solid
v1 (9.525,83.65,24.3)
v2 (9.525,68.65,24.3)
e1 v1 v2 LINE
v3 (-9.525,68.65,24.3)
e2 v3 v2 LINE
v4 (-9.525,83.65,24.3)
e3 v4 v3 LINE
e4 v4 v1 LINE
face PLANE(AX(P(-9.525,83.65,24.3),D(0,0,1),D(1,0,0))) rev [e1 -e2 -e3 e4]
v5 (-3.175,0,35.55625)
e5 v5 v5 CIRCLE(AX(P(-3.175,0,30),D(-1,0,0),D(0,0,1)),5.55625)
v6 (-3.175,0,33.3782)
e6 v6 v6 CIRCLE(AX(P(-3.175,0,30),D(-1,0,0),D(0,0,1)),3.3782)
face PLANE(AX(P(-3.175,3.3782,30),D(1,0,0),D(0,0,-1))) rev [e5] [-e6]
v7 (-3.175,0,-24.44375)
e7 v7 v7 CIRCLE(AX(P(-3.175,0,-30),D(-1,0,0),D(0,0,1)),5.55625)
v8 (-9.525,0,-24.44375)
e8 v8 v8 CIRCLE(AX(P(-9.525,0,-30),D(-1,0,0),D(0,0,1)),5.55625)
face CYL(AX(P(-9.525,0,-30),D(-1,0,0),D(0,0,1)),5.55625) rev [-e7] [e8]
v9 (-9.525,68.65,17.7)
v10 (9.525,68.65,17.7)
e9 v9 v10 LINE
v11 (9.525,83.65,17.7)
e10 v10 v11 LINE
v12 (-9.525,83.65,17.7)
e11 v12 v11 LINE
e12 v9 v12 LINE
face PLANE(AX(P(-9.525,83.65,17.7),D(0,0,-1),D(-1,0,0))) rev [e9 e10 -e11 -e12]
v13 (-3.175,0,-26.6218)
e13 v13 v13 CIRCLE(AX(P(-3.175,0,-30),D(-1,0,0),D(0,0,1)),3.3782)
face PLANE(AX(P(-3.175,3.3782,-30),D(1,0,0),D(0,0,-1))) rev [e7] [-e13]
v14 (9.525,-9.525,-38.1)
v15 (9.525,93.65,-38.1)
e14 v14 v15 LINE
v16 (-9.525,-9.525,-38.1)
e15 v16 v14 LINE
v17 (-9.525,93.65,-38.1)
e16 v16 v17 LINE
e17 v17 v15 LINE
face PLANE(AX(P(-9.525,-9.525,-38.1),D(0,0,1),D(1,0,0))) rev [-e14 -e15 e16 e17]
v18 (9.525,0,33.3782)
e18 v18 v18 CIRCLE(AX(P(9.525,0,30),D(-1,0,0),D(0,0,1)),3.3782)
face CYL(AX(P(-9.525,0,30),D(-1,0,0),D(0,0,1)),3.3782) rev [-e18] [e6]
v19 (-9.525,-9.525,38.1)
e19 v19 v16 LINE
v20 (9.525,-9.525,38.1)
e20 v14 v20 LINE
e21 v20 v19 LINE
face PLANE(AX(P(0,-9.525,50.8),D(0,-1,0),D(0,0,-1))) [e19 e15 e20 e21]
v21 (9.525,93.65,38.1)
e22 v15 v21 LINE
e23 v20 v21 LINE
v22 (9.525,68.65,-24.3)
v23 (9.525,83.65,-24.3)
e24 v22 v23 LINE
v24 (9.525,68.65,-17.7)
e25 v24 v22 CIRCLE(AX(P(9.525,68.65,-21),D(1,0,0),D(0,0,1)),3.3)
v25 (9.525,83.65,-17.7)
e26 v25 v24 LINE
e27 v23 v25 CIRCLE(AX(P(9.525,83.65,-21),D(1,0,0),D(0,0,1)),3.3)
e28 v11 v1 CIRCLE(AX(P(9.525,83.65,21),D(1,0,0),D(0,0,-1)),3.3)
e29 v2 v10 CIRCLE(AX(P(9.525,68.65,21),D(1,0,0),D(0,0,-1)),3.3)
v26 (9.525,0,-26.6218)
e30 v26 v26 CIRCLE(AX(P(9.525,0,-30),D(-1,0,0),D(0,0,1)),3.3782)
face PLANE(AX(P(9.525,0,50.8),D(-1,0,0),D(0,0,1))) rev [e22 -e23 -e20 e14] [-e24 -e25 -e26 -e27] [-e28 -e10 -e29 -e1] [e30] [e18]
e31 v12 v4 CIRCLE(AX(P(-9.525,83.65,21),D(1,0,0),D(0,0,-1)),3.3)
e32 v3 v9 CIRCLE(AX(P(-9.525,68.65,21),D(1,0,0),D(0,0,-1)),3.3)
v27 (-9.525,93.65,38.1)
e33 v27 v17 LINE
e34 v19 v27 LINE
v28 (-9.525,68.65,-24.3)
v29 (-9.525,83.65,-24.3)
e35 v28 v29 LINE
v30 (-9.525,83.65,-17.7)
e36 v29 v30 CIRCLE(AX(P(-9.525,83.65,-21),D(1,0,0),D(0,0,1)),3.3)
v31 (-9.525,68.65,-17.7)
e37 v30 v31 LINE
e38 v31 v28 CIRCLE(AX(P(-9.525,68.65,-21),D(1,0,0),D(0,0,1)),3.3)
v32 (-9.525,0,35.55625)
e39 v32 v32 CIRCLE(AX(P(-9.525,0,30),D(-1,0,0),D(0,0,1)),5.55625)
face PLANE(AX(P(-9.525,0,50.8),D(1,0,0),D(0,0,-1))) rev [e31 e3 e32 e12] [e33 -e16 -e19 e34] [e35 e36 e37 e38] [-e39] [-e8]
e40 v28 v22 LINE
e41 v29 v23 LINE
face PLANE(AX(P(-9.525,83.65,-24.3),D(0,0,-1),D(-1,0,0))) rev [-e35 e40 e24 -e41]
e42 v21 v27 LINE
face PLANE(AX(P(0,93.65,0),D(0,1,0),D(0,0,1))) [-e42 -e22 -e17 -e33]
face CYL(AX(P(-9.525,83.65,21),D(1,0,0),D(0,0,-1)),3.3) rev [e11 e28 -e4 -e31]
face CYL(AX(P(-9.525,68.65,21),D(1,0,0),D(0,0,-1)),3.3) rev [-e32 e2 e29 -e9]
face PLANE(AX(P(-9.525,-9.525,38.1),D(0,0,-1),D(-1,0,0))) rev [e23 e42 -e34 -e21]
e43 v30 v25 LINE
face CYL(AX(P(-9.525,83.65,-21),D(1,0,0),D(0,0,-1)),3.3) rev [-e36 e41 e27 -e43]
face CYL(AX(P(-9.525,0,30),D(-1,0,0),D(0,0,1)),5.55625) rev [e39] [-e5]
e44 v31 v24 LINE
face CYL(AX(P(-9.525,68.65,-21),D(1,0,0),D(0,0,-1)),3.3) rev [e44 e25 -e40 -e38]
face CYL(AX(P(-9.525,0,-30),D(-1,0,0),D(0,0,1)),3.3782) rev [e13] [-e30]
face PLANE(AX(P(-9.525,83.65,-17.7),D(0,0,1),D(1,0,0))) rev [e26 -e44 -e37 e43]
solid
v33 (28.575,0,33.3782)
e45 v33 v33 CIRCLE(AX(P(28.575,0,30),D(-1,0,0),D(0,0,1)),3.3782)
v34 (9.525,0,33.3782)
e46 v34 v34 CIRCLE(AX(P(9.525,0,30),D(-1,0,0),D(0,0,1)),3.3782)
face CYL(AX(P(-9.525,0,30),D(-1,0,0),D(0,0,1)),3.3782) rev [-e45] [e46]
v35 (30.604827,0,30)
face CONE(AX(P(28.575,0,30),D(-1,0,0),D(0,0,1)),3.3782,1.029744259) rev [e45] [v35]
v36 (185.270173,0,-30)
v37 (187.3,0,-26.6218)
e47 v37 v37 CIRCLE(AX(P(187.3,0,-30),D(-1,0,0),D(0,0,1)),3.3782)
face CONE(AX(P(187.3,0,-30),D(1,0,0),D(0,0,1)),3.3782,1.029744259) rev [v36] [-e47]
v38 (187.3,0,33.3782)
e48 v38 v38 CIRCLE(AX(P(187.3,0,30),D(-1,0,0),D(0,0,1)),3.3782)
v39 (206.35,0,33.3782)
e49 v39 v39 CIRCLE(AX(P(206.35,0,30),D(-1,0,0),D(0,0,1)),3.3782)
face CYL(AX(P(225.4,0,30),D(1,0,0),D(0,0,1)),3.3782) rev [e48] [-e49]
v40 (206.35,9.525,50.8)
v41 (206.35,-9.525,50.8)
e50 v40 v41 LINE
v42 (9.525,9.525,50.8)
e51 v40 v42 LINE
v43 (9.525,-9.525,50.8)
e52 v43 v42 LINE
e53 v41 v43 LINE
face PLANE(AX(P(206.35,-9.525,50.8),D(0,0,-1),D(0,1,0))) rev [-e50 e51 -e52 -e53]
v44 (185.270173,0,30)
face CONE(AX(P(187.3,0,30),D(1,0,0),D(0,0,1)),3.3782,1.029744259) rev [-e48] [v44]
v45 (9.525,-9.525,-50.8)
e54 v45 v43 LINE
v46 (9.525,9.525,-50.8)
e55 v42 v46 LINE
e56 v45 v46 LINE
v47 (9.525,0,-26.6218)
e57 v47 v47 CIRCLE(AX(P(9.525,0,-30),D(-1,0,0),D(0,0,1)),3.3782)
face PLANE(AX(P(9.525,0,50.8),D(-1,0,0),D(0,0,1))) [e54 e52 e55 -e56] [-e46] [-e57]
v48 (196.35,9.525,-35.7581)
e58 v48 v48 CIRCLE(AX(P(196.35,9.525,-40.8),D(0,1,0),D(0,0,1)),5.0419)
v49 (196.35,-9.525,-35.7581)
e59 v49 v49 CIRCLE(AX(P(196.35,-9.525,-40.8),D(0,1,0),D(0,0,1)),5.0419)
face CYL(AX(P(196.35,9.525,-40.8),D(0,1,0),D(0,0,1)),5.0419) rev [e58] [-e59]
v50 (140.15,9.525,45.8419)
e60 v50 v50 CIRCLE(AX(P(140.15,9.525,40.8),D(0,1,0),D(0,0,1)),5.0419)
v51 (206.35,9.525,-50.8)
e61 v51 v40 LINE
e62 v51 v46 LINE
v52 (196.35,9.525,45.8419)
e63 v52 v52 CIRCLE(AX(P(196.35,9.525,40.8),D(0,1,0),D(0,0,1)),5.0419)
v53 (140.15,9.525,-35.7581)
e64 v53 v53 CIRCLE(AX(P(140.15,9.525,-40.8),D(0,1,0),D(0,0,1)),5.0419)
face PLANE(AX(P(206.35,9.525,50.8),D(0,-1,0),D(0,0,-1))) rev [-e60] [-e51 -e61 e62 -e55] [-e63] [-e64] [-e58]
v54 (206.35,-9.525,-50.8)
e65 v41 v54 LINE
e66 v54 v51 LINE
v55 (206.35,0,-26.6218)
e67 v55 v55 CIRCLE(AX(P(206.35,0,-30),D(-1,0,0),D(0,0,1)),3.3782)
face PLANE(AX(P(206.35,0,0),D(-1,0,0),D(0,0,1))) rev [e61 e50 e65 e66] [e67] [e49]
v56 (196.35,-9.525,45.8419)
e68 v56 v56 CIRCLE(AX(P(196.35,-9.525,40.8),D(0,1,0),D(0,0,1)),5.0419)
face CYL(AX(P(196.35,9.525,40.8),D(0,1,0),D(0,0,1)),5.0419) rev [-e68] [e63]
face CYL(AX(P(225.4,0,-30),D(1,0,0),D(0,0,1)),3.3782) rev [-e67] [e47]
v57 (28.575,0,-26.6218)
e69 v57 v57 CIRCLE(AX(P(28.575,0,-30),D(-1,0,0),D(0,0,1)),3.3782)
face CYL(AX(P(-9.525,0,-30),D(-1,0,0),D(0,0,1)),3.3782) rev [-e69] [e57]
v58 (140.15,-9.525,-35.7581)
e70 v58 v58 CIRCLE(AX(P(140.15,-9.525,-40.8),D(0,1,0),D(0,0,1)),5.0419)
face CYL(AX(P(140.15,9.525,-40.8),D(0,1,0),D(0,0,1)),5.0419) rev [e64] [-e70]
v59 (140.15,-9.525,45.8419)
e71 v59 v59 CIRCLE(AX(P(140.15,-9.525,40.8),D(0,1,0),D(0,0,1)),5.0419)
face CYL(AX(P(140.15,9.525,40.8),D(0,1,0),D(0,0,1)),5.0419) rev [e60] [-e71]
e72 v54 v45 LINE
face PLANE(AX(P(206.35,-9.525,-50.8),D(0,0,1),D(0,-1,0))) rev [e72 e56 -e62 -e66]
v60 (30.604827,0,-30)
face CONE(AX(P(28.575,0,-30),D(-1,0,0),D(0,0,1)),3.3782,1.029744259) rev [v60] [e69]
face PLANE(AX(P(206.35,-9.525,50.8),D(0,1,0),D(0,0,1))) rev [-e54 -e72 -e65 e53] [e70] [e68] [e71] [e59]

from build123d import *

# Parameters (mm, degrees)
CROQUIS18_ON_SEGMENT_1_W                      = 101.6
CROQUIS18_ON_SEGMENT_1_H                      = 19.05
SOLID_3_X_0_75_1_DEPTH                        = 103.175
SOLID_3_X_0_75_1_2_DEPTH                      = 206.35
SOLID_3_X_0_75_1_2_DEPTH_BACK                 = 1
CROQUIS18_W                                   = 101.6
CROQUIS18_H                                   = 19.05
CORTAR_EXTRUIR1_DEPTH                         = 224.810283778
CROQUIS14_W                                   = 5.0419
CROQUIS14_H                                   = 19.05
TALADRO_DE_MARGEN_PARA_3_81_AT_2_COUNT        = 2
TALADRO_DE_MARGEN_PARA_3_81_AT_2_PITCH        = 56.2
TALADRO_DE_MARGEN_PARA_3_81_AT_3_COUNT        = 2
TALADRO_DE_MARGEN_PARA_3_81_AT_3_PITCH        = 81.6
TALADRO_DE_MARGEN_PARA_3_81_AT_4_COUNT        = 2
TALADRO_DE_MARGEN_PARA_3_81_AT_4_PITCH        = 99.080775128
SKETCH3_W                                     = 19.05
SKETCH3_H                                     = 12.7
CUT_EXTRUDE2_DEPTH                            = 237.233027168
CBORE_FOR_1_4_SOCKET_HEAD_CAP_SCREW1_AT_COUNT = 2
CBORE_FOR_1_4_SOCKET_HEAD_CAP_SCREW1_AT_PITCH = 60


with BuildPart() as part:
    # Croquis18 on segment 1 (carried to segment 1) → Solid 3 X 0.75(1) (new body)
    with BuildSketch(Plane(origin=(0, 93.65, 0), x_dir=(0, 0, 1), z_dir=(0, -1, 0))):
        Rectangle(CROQUIS18_ON_SEGMENT_1_W, CROQUIS18_ON_SEGMENT_1_H)
    extrude(amount=SOLID_3_X_0_75_1_DEPTH)

    # Croquis12 → Cortar-Extruir1 (cut, through all)
    with BuildSketch(Plane(origin=(9.525, 0, 0), x_dir=(0, 0, -1), z_dir=(1, 0, 0))):
        with BuildLine():
            Line((-17.7, 83.65), (-17.7, 68.65))
            ThreePointArc((-17.7, 68.65), (-21, 65.35), (-24.3, 68.65))
            Line((-24.3, 68.65), (-24.3, 83.65))
            ThreePointArc((-24.3, 83.65), (-21, 86.95), (-17.7, 83.65))
        make_face()
        with BuildLine():
            Line((17.7, 83.65), (17.7, 68.65))
            ThreePointArc((17.7, 68.65), (21, 65.35), (24.3, 68.65))
            Line((24.3, 68.65), (24.3, 83.65))
            ThreePointArc((24.3, 83.65), (21, 86.95), (17.7, 83.65))
        make_face()
    extrude(amount=-CORTAR_EXTRUIR1_DEPTH, mode=Mode.SUBTRACT)

    # Sketch3 → Cut-Extrude2 (cut, through all)
    with BuildSketch(Plane(origin=(0, 93.65, 0), x_dir=(1, 0, 0), z_dir=(0, 1, 0))):
        with Locations((0, -44.45)):
            Rectangle(SKETCH3_W, SKETCH3_H)
        with Locations((0, 44.45)):
            Rectangle(SKETCH3_W, SKETCH3_H)
    extrude(amount=-CUT_EXTRUDE2_DEPTH, mode=Mode.SUBTRACT)


with BuildPart() as body_2:
    # Croquis18 → Solid 3 X 0.75_1 2 (new, two sides: drawn at the far end of the back side and taken through both)
    with BuildSketch(Plane(origin=(0, 0, 0), x_dir=(0, 0, 1), z_dir=(1, 0, 0)).offset(-SOLID_3_X_0_75_1_2_DEPTH_BACK)):
        Rectangle(CROQUIS18_W, CROQUIS18_H)
    extrude(amount=SOLID_3_X_0_75_1_2_DEPTH + SOLID_3_X_0_75_1_2_DEPTH_BACK)

    # Solid 3 X 0.75_1 2 end butt 1
    split(bisect_by=Plane.YZ.offset(9.525), keep=Keep.TOP)

    # Croquis14 → Taladro de margen para 3/81 (revolve, cut)
    with BuildSketch(Plane(origin=(196.35, 9.525, 40.8), x_dir=(0, 0, 1), z_dir=(1, 0, 0))):
        with Locations((2.52095, 9.525)):
            Rectangle(CROQUIS14_W, CROQUIS14_H)
    taladro_de_margen_para_3_81 = revolve(axis=Axis((196.35, 15.875, 40.8), (0, -1, 0)), mode=Mode.SUBTRACT)

    # Taladro de margen para 3/81 at 2: Taladro de margen para 3/81 ×2
    with Locations(*[(-i * TALADRO_DE_MARGEN_PARA_3_81_AT_2_PITCH, 0, 0) for i in range(1, TALADRO_DE_MARGEN_PARA_3_81_AT_2_COUNT)]):
        add(taladro_de_margen_para_3_81, mode=Mode.SUBTRACT)

    # Taladro de margen para 3/81 at 3: Taladro de margen para 3/81 ×2
    with Locations(*[(0, 0, -i * TALADRO_DE_MARGEN_PARA_3_81_AT_3_PITCH) for i in range(1, TALADRO_DE_MARGEN_PARA_3_81_AT_3_COUNT)]):
        add(taladro_de_margen_para_3_81, mode=Mode.SUBTRACT)

    # Taladro de margen para 3/81 at 4: Taladro de margen para 3/81 ×2
    with Locations(*[Vector(-0.567213971906228, 2.8685392694633734e-15, -0.823570464547121) * (i * TALADRO_DE_MARGEN_PARA_3_81_AT_4_PITCH) for i in range(1, TALADRO_DE_MARGEN_PARA_3_81_AT_4_COUNT)]):
        add(taladro_de_margen_para_3_81, mode=Mode.SUBTRACT)


with BuildPart() as cbore_for_1_4_socket_head_cap_screw1_tool:
    # Sketch6 → CBORE for 1/4 Socket Head Cap Screw1 (revolve)
    with BuildSketch(Plane(origin=(-9.525, 0, 30), x_dir=(0, 0, 1), z_dir=(0, 1, 0))):
        Polygon((0, 0), (0, 40.129827343), (3.3782, 38.1), (3.3782, 6.35), (5.55625, 6.35), (5.55625, 0), align=None)
    cbore_for_1_4_socket_head_cap_screw1 = revolve(axis=Axis((-15.875, 0, 30), (1, 0, 0)))


with BuildPart() as part_1:
    add(part.part)

    # CBORE for 1/4 Socket Head Cap Screw1: cut by cbore_for_1_4_socket_head_cap_screw1_tool
    add(cbore_for_1_4_socket_head_cap_screw1_tool.part, mode=Mode.SUBTRACT)


with BuildPart() as body_2_1:
    add(body_2.part)

    # CBORE for 1/4 Socket Head Cap Screw1: cut by cbore_for_1_4_socket_head_cap_screw1_tool
    add(cbore_for_1_4_socket_head_cap_screw1_tool.part, mode=Mode.SUBTRACT)


with BuildPart() as cbore_for_1_4_socket_head_cap_screw1_at_tool:
    # CBORE for 1/4 Socket Head Cap Screw1 at: CBORE for 1/4 Socket Head Cap Screw1 ×2
    with Locations(*[(0, 0, -i * CBORE_FOR_1_4_SOCKET_HEAD_CAP_SCREW1_AT_PITCH) for i in range(1, CBORE_FOR_1_4_SOCKET_HEAD_CAP_SCREW1_AT_COUNT)]):
        add(cbore_for_1_4_socket_head_cap_screw1)


with BuildPart() as part_2:
    add(part_1.part)

    # CBORE for 1/4 Socket Head Cap Screw1 at: cut by cbore_for_1_4_socket_head_cap_screw1_at_tool
    add(cbore_for_1_4_socket_head_cap_screw1_at_tool.part, mode=Mode.SUBTRACT)


with BuildPart() as body_2_2:
    add(body_2_1.part)

    # CBORE for 1/4 Socket Head Cap Screw1 at: cut by cbore_for_1_4_socket_head_cap_screw1_at_tool
    add(cbore_for_1_4_socket_head_cap_screw1_at_tool.part, mode=Mode.SUBTRACT)

    # Mirror1: CBORE for 1/4 Socket Head Cap Screw1 across plane
    add(cbore_for_1_4_socket_head_cap_screw1.mirror(Plane.ZY.offset(-107.9375)), mode=Mode.SUBTRACT)

    # Mirror1 copy 1 sketch → Mirror1 copy 1 (revolve, cut)
    with BuildSketch(Plane(origin=(225.4, 0, -30), x_dir=(0, 0, 1), z_dir=(0, 1, 0))):
        Polygon((0, 0), (0, -40.129827343), (3.3782, -38.1), (3.3782, -6.35), (5.55625, -6.35), (5.55625, 0), align=None)
    revolve(axis=Axis((231.75, 0, -30), (1, 0, 0)), mode=Mode.SUBTRACT)


solid = Compound([part_2.part, body_2_2.part])
